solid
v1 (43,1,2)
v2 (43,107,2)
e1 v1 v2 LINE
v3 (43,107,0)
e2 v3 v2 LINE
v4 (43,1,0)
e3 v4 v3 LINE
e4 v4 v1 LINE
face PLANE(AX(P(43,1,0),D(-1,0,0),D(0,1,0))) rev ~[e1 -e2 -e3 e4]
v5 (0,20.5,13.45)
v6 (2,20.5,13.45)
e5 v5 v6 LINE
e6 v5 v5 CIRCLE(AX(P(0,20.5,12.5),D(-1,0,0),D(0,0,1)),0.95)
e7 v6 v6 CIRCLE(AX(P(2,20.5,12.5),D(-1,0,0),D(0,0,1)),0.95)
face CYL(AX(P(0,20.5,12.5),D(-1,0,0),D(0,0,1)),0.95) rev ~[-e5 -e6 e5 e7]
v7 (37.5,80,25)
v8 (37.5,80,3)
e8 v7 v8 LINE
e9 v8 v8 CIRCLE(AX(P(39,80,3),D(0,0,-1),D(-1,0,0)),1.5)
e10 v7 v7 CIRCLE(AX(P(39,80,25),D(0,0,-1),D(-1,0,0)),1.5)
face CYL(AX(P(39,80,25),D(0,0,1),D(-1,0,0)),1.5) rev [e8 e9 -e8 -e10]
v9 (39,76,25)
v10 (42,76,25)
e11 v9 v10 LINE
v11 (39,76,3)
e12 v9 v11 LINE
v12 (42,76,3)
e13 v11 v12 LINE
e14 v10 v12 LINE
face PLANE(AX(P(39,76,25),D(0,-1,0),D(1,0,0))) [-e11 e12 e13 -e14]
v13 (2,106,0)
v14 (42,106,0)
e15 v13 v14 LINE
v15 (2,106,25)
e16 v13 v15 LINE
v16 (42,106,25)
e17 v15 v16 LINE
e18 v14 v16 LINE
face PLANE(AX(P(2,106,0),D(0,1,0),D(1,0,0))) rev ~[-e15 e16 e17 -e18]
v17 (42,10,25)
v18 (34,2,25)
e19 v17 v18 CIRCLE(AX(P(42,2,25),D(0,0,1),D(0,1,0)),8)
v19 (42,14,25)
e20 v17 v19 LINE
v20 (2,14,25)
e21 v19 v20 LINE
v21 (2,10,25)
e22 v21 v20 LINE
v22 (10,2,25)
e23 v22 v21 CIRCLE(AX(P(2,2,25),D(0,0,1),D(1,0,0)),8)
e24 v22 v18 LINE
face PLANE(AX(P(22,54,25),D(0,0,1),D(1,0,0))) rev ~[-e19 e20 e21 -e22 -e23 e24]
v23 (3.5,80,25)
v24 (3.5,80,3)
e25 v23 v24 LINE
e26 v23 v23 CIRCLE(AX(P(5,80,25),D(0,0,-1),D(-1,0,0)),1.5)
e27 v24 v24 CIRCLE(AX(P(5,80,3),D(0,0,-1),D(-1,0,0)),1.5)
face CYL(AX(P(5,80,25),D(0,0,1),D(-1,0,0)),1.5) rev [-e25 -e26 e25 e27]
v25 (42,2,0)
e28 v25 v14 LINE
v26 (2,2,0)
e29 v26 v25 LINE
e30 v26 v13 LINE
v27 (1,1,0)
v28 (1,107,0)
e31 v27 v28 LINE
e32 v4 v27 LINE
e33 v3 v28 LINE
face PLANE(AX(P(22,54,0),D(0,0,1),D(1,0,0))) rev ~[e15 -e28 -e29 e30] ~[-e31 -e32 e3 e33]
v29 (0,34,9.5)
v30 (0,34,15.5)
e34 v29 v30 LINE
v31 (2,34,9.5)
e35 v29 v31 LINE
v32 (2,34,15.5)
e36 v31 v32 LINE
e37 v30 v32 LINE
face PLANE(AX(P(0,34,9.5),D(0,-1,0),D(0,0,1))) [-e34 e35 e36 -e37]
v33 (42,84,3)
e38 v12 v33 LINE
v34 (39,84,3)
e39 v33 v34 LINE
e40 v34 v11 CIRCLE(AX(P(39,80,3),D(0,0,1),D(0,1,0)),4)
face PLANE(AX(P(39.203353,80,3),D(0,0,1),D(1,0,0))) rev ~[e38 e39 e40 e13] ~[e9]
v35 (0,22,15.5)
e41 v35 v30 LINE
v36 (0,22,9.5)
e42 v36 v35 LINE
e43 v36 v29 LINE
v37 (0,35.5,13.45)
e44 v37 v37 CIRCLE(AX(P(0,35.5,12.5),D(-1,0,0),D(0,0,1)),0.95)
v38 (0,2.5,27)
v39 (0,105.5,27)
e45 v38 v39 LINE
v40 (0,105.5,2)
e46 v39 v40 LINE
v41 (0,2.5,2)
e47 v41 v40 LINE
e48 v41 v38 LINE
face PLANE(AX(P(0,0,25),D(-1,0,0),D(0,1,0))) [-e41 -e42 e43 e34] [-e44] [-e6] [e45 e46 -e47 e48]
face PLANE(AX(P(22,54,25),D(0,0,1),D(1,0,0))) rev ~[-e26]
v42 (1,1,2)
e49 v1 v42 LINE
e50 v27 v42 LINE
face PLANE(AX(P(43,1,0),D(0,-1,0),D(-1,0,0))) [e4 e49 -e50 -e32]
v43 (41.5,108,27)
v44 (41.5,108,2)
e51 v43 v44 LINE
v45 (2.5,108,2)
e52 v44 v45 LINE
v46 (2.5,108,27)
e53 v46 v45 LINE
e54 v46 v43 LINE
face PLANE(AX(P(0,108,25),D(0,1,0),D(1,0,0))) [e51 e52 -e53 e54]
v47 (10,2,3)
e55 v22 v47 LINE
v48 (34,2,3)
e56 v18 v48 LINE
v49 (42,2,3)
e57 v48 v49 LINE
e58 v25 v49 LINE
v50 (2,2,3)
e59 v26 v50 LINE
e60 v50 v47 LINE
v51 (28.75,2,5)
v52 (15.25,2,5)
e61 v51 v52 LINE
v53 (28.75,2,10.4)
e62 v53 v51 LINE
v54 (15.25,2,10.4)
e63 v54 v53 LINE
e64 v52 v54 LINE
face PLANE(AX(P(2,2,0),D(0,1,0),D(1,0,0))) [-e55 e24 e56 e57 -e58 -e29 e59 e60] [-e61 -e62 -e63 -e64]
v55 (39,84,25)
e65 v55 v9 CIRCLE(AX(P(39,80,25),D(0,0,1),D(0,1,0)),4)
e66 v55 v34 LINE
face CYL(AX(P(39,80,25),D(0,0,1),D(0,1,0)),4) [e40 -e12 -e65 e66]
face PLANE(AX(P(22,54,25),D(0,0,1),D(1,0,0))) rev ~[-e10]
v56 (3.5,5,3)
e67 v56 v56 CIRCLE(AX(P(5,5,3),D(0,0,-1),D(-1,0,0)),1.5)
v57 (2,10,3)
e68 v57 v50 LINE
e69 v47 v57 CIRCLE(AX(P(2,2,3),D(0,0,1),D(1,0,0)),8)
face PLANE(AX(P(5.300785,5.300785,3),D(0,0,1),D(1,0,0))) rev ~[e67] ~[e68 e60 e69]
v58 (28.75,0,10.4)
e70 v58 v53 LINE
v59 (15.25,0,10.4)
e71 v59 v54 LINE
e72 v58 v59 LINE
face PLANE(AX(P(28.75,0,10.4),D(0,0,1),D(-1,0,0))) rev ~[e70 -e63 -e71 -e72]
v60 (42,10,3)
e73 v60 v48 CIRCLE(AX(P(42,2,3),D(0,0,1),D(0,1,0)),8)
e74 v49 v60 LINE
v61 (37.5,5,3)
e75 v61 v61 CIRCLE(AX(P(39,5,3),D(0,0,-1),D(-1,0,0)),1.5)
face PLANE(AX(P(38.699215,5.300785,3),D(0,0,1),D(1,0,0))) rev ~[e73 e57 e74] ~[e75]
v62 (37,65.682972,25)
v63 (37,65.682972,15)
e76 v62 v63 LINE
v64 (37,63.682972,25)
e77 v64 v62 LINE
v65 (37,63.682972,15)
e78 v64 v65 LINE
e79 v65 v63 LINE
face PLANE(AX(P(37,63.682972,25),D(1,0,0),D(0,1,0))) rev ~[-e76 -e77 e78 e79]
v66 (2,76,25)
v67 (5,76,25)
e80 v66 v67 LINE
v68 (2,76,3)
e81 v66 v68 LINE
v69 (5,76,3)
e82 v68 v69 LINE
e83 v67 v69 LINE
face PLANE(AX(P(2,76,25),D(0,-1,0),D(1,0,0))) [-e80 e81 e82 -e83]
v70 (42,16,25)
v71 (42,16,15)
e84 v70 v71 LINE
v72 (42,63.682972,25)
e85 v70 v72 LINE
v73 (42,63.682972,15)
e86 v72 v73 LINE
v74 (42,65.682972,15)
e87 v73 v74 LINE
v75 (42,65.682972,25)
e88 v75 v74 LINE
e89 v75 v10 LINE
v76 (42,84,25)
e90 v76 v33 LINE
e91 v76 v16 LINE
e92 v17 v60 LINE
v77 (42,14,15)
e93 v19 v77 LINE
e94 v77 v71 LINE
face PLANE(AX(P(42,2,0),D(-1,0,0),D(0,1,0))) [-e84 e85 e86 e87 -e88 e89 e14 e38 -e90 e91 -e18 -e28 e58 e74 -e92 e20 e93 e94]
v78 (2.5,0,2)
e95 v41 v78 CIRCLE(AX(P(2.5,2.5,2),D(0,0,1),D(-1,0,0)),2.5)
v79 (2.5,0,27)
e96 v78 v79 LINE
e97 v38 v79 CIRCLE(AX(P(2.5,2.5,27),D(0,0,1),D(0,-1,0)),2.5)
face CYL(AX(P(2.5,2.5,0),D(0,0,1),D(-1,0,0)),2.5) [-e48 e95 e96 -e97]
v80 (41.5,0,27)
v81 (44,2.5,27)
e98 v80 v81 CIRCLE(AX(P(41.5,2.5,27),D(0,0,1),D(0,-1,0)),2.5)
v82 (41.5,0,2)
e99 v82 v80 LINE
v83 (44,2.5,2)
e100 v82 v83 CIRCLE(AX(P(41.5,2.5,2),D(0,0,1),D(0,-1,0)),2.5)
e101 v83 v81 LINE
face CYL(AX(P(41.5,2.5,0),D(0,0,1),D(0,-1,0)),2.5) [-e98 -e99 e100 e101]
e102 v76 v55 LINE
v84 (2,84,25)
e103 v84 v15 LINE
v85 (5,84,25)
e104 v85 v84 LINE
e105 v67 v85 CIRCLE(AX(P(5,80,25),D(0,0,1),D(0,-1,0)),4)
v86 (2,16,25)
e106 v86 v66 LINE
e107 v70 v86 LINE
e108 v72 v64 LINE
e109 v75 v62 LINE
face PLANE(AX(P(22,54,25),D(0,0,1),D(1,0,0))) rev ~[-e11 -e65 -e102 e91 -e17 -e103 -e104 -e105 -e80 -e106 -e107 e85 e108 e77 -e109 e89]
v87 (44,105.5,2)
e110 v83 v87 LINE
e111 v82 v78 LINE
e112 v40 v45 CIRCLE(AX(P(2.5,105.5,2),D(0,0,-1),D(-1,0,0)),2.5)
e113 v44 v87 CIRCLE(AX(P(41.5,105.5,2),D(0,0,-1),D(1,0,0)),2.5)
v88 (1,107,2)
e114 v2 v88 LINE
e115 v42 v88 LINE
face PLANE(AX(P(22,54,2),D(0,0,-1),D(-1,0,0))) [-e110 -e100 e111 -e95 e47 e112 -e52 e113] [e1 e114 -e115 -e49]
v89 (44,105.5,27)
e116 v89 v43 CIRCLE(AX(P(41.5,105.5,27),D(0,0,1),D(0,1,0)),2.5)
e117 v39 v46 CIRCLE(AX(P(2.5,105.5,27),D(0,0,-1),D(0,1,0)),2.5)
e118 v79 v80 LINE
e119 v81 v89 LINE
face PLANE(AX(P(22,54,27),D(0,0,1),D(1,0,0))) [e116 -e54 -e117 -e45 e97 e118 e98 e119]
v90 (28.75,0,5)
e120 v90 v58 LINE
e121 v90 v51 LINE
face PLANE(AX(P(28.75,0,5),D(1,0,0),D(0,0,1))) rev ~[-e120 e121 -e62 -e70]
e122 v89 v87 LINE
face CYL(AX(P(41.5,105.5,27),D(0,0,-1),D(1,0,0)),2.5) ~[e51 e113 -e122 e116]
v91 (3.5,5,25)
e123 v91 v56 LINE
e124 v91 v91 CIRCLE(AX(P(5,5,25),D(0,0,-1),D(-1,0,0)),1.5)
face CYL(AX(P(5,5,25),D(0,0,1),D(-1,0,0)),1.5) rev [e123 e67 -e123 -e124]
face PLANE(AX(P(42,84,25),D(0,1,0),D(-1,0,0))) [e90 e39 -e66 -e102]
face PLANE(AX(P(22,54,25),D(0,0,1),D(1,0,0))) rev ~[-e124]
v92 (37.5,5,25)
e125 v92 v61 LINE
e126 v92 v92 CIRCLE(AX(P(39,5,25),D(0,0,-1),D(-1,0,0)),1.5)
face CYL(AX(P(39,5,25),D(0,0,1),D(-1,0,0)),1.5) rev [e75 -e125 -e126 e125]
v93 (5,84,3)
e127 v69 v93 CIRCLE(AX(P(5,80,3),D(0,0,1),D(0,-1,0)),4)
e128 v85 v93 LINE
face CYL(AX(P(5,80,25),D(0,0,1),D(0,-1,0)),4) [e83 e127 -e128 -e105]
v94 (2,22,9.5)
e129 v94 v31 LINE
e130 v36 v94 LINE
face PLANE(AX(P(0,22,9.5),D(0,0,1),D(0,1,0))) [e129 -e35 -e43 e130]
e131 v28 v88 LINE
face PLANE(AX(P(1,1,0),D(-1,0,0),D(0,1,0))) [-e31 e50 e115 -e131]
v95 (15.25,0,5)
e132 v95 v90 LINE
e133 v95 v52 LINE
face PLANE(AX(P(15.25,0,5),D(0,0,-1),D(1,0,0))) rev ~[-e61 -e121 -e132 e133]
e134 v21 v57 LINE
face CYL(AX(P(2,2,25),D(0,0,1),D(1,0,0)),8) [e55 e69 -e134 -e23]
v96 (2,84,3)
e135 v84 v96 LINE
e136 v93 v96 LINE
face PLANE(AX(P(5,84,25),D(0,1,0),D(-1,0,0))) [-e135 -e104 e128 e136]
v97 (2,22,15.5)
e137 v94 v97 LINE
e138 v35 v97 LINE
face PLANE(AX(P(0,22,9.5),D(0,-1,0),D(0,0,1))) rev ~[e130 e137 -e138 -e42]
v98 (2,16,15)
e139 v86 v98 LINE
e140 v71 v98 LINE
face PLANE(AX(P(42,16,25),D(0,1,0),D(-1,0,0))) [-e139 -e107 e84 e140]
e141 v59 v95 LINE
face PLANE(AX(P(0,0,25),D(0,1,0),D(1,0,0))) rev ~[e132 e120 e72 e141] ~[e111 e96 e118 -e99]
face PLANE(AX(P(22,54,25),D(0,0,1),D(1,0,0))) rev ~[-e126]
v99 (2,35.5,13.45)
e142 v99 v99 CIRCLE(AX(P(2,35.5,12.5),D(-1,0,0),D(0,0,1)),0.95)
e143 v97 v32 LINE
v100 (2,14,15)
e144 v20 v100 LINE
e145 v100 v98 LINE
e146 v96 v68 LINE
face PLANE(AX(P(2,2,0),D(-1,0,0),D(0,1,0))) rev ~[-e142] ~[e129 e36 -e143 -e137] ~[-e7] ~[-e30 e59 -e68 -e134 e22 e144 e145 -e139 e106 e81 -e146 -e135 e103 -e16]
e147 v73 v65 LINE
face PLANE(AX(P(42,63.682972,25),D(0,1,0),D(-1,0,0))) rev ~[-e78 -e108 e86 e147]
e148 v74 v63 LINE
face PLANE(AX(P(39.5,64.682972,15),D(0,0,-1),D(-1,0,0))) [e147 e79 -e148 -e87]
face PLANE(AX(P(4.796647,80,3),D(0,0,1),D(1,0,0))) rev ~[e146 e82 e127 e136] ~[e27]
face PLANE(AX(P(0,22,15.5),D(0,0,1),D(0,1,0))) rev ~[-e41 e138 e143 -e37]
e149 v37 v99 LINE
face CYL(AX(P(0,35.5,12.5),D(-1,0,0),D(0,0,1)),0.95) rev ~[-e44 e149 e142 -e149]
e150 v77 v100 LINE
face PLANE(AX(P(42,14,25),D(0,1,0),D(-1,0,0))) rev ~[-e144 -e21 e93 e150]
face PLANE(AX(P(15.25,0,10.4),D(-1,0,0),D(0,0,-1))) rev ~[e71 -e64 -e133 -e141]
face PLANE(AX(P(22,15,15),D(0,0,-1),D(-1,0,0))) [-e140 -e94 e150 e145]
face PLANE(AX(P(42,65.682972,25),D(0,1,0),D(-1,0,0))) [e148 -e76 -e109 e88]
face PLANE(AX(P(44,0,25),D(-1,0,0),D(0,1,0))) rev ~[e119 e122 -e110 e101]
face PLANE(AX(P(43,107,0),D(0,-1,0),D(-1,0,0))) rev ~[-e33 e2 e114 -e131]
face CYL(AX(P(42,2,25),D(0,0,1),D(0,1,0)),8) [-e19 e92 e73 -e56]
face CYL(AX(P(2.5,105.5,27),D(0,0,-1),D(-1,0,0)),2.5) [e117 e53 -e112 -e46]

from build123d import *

# Parameters (mm, degrees)
SKICA1_W                 = 44
SKICA1_H                 = 108
SKICA1_W_2               = 40
SKICA1_H_2               = 104
P_IDAT_VYSUNUT_M1_DEPTH  = 25
SKICA2_W                 = 44
SKICA2_H                 = 108
P_IDAT_VYSUNUT_M2_DEPTH  = 2
ZAOBLIT1_R               = 2.5
SKICA3_W                 = 44
SKICA3_H                 = 108
SKICA3_W_2               = 42
SKICA3_H_2               = 106
ODEBRAT_VYSUNUT_M1_DEPTH = 2
SKICA4_R                 = 1.5
P_IDAT_VYSUNUT_M3_DEPTH  = 22
ODEBRAT_VYSUNUT_M2_DEPTH = 10
SKICA7_W                 = 40
SKICA7_H                 = 2
SKICA7_W_2               = 5
P_IDAT_VYSUNUT_M4_DEPTH  = 10
SKICA8_R                 = 0.95
SKICA8_W                 = 6
SKICA8_H                 = 12
ODEBRAT_VYSUNUT_M3_DEPTH = 10


with BuildPart() as part:
    # Skica1 → Přidat vysunutím1 (new body)
    with BuildSketch(Plane.XY):
        with Locations((22, 54)):
            Rectangle(SKICA1_W, SKICA1_H)
        with Locations((22, 54)):
            Rectangle(SKICA1_W_2, SKICA1_H_2, mode=Mode.SUBTRACT)
    extrude(amount=P_IDAT_VYSUNUT_M1_DEPTH)

    # Skica2 → Přidat vysunutím2 (add)
    with BuildSketch(Plane.XY.offset(25)):
        with Locations((22, 54)):
            Rectangle(SKICA2_W, SKICA2_H)
    extrude(amount=P_IDAT_VYSUNUT_M2_DEPTH)

    # Zaoblit1
    zaoblit1_edges = [part.edges().sort_by_distance(p)[0] for p in [
        (0, 108, 13.5),
        (44, 108, 13.5),
        (44, 0, 13.5),
        (0, 0, 13.5),
    ]]
    fillet(zaoblit1_edges, radius=ZAOBLIT1_R)

    # Skica3 → Odebrat vysunutím1 (cut)
    with BuildSketch(Plane(origin=(0, 0, 0), x_dir=(-1, 0, 0), z_dir=(0, 0, -1))):
        with Locations((-22, 54)):
            Rectangle(SKICA3_W, SKICA3_H)
        with Locations((-22, 54)):
            Rectangle(SKICA3_W_2, SKICA3_H_2, mode=Mode.SUBTRACT)
    extrude(amount=-ODEBRAT_VYSUNUT_M1_DEPTH, mode=Mode.SUBTRACT)

    # Skica4 → Přidat vysunutím3 (add)
    with BuildSketch(Plane(origin=(0, 0, 25), x_dir=(-1, 0, 0), z_dir=(0, 0, -1))):
        with BuildLine():
            Line((-42, 2), (-42, 10))
            ThreePointArc((-42, 10), (-36.343145751, 7.656854249), (-34, 2))
            Line((-34, 2), (-42, 2))
        make_face()
        with Locations((-39, 5)):
            Circle(SKICA4_R, mode=Mode.SUBTRACT)
        with BuildLine():
            Line((-2, 2), (-10, 2))
            ThreePointArc((-10, 2), (-7.656854249, 7.656854249), (-2, 10))
            Line((-2, 10), (-2, 2))
        make_face()
        with Locations((-5, 5)):
            Circle(SKICA4_R, mode=Mode.SUBTRACT)
        with BuildLine():
            Line((-2, 80), (-2, 76))
            Line((-2, 76), (-5, 76))
            ThreePointArc((-5, 76), (-9, 80), (-5, 84))
            Line((-5, 84), (-2, 84))
            Line((-2, 84), (-2, 80))
        make_face()
        with Locations((-5, 80)):
            Circle(SKICA4_R, mode=Mode.SUBTRACT)
        with BuildLine():
            Line((-42, 84), (-39, 84))
            ThreePointArc((-39, 84), (-35, 80), (-39, 76))
            Line((-39, 76), (-42, 76))
            Line((-42, 76), (-42, 84))
        make_face()
        with Locations((-39, 80)):
            Circle(SKICA4_R, mode=Mode.SUBTRACT)
    extrude(amount=P_IDAT_VYSUNUT_M3_DEPTH)

    # Skica6 → Odebrat vysunutím2 (cut)
    with BuildSketch(Plane.XZ):
        Polygon((22, 10.4), (15.25, 10.4), (15.25, 5), (28.75, 5), (28.75, 10.4), align=None)
    extrude(amount=-ODEBRAT_VYSUNUT_M2_DEPTH, mode=Mode.SUBTRACT)

    # Skica7 → Přidat vysunutím4 (add)
    with BuildSketch(Plane(origin=(0, 0, 25), x_dir=(-1, 0, 0), z_dir=(0, 0, -1))):
        with Locations((-22, 15)):
            Rectangle(SKICA7_W, SKICA7_H)
        with Locations((-39.5, 64.682971934)):
            Rectangle(SKICA7_W_2, SKICA7_H)
    extrude(amount=P_IDAT_VYSUNUT_M4_DEPTH)

    # Skica8 → Odebrat vysunutím3 (cut)
    with BuildSketch(Plane.ZY):
        with Locations((12.5, 35.5)):
            Circle(SKICA8_R)
        with Locations((12.5, 20.5)):
            Circle(SKICA8_R)
        with Locations((12.5, 28)):
            Rectangle(SKICA8_W, SKICA8_H)
    extrude(amount=-ODEBRAT_VYSUNUT_M3_DEPTH, mode=Mode.SUBTRACT)


solid = part.part
